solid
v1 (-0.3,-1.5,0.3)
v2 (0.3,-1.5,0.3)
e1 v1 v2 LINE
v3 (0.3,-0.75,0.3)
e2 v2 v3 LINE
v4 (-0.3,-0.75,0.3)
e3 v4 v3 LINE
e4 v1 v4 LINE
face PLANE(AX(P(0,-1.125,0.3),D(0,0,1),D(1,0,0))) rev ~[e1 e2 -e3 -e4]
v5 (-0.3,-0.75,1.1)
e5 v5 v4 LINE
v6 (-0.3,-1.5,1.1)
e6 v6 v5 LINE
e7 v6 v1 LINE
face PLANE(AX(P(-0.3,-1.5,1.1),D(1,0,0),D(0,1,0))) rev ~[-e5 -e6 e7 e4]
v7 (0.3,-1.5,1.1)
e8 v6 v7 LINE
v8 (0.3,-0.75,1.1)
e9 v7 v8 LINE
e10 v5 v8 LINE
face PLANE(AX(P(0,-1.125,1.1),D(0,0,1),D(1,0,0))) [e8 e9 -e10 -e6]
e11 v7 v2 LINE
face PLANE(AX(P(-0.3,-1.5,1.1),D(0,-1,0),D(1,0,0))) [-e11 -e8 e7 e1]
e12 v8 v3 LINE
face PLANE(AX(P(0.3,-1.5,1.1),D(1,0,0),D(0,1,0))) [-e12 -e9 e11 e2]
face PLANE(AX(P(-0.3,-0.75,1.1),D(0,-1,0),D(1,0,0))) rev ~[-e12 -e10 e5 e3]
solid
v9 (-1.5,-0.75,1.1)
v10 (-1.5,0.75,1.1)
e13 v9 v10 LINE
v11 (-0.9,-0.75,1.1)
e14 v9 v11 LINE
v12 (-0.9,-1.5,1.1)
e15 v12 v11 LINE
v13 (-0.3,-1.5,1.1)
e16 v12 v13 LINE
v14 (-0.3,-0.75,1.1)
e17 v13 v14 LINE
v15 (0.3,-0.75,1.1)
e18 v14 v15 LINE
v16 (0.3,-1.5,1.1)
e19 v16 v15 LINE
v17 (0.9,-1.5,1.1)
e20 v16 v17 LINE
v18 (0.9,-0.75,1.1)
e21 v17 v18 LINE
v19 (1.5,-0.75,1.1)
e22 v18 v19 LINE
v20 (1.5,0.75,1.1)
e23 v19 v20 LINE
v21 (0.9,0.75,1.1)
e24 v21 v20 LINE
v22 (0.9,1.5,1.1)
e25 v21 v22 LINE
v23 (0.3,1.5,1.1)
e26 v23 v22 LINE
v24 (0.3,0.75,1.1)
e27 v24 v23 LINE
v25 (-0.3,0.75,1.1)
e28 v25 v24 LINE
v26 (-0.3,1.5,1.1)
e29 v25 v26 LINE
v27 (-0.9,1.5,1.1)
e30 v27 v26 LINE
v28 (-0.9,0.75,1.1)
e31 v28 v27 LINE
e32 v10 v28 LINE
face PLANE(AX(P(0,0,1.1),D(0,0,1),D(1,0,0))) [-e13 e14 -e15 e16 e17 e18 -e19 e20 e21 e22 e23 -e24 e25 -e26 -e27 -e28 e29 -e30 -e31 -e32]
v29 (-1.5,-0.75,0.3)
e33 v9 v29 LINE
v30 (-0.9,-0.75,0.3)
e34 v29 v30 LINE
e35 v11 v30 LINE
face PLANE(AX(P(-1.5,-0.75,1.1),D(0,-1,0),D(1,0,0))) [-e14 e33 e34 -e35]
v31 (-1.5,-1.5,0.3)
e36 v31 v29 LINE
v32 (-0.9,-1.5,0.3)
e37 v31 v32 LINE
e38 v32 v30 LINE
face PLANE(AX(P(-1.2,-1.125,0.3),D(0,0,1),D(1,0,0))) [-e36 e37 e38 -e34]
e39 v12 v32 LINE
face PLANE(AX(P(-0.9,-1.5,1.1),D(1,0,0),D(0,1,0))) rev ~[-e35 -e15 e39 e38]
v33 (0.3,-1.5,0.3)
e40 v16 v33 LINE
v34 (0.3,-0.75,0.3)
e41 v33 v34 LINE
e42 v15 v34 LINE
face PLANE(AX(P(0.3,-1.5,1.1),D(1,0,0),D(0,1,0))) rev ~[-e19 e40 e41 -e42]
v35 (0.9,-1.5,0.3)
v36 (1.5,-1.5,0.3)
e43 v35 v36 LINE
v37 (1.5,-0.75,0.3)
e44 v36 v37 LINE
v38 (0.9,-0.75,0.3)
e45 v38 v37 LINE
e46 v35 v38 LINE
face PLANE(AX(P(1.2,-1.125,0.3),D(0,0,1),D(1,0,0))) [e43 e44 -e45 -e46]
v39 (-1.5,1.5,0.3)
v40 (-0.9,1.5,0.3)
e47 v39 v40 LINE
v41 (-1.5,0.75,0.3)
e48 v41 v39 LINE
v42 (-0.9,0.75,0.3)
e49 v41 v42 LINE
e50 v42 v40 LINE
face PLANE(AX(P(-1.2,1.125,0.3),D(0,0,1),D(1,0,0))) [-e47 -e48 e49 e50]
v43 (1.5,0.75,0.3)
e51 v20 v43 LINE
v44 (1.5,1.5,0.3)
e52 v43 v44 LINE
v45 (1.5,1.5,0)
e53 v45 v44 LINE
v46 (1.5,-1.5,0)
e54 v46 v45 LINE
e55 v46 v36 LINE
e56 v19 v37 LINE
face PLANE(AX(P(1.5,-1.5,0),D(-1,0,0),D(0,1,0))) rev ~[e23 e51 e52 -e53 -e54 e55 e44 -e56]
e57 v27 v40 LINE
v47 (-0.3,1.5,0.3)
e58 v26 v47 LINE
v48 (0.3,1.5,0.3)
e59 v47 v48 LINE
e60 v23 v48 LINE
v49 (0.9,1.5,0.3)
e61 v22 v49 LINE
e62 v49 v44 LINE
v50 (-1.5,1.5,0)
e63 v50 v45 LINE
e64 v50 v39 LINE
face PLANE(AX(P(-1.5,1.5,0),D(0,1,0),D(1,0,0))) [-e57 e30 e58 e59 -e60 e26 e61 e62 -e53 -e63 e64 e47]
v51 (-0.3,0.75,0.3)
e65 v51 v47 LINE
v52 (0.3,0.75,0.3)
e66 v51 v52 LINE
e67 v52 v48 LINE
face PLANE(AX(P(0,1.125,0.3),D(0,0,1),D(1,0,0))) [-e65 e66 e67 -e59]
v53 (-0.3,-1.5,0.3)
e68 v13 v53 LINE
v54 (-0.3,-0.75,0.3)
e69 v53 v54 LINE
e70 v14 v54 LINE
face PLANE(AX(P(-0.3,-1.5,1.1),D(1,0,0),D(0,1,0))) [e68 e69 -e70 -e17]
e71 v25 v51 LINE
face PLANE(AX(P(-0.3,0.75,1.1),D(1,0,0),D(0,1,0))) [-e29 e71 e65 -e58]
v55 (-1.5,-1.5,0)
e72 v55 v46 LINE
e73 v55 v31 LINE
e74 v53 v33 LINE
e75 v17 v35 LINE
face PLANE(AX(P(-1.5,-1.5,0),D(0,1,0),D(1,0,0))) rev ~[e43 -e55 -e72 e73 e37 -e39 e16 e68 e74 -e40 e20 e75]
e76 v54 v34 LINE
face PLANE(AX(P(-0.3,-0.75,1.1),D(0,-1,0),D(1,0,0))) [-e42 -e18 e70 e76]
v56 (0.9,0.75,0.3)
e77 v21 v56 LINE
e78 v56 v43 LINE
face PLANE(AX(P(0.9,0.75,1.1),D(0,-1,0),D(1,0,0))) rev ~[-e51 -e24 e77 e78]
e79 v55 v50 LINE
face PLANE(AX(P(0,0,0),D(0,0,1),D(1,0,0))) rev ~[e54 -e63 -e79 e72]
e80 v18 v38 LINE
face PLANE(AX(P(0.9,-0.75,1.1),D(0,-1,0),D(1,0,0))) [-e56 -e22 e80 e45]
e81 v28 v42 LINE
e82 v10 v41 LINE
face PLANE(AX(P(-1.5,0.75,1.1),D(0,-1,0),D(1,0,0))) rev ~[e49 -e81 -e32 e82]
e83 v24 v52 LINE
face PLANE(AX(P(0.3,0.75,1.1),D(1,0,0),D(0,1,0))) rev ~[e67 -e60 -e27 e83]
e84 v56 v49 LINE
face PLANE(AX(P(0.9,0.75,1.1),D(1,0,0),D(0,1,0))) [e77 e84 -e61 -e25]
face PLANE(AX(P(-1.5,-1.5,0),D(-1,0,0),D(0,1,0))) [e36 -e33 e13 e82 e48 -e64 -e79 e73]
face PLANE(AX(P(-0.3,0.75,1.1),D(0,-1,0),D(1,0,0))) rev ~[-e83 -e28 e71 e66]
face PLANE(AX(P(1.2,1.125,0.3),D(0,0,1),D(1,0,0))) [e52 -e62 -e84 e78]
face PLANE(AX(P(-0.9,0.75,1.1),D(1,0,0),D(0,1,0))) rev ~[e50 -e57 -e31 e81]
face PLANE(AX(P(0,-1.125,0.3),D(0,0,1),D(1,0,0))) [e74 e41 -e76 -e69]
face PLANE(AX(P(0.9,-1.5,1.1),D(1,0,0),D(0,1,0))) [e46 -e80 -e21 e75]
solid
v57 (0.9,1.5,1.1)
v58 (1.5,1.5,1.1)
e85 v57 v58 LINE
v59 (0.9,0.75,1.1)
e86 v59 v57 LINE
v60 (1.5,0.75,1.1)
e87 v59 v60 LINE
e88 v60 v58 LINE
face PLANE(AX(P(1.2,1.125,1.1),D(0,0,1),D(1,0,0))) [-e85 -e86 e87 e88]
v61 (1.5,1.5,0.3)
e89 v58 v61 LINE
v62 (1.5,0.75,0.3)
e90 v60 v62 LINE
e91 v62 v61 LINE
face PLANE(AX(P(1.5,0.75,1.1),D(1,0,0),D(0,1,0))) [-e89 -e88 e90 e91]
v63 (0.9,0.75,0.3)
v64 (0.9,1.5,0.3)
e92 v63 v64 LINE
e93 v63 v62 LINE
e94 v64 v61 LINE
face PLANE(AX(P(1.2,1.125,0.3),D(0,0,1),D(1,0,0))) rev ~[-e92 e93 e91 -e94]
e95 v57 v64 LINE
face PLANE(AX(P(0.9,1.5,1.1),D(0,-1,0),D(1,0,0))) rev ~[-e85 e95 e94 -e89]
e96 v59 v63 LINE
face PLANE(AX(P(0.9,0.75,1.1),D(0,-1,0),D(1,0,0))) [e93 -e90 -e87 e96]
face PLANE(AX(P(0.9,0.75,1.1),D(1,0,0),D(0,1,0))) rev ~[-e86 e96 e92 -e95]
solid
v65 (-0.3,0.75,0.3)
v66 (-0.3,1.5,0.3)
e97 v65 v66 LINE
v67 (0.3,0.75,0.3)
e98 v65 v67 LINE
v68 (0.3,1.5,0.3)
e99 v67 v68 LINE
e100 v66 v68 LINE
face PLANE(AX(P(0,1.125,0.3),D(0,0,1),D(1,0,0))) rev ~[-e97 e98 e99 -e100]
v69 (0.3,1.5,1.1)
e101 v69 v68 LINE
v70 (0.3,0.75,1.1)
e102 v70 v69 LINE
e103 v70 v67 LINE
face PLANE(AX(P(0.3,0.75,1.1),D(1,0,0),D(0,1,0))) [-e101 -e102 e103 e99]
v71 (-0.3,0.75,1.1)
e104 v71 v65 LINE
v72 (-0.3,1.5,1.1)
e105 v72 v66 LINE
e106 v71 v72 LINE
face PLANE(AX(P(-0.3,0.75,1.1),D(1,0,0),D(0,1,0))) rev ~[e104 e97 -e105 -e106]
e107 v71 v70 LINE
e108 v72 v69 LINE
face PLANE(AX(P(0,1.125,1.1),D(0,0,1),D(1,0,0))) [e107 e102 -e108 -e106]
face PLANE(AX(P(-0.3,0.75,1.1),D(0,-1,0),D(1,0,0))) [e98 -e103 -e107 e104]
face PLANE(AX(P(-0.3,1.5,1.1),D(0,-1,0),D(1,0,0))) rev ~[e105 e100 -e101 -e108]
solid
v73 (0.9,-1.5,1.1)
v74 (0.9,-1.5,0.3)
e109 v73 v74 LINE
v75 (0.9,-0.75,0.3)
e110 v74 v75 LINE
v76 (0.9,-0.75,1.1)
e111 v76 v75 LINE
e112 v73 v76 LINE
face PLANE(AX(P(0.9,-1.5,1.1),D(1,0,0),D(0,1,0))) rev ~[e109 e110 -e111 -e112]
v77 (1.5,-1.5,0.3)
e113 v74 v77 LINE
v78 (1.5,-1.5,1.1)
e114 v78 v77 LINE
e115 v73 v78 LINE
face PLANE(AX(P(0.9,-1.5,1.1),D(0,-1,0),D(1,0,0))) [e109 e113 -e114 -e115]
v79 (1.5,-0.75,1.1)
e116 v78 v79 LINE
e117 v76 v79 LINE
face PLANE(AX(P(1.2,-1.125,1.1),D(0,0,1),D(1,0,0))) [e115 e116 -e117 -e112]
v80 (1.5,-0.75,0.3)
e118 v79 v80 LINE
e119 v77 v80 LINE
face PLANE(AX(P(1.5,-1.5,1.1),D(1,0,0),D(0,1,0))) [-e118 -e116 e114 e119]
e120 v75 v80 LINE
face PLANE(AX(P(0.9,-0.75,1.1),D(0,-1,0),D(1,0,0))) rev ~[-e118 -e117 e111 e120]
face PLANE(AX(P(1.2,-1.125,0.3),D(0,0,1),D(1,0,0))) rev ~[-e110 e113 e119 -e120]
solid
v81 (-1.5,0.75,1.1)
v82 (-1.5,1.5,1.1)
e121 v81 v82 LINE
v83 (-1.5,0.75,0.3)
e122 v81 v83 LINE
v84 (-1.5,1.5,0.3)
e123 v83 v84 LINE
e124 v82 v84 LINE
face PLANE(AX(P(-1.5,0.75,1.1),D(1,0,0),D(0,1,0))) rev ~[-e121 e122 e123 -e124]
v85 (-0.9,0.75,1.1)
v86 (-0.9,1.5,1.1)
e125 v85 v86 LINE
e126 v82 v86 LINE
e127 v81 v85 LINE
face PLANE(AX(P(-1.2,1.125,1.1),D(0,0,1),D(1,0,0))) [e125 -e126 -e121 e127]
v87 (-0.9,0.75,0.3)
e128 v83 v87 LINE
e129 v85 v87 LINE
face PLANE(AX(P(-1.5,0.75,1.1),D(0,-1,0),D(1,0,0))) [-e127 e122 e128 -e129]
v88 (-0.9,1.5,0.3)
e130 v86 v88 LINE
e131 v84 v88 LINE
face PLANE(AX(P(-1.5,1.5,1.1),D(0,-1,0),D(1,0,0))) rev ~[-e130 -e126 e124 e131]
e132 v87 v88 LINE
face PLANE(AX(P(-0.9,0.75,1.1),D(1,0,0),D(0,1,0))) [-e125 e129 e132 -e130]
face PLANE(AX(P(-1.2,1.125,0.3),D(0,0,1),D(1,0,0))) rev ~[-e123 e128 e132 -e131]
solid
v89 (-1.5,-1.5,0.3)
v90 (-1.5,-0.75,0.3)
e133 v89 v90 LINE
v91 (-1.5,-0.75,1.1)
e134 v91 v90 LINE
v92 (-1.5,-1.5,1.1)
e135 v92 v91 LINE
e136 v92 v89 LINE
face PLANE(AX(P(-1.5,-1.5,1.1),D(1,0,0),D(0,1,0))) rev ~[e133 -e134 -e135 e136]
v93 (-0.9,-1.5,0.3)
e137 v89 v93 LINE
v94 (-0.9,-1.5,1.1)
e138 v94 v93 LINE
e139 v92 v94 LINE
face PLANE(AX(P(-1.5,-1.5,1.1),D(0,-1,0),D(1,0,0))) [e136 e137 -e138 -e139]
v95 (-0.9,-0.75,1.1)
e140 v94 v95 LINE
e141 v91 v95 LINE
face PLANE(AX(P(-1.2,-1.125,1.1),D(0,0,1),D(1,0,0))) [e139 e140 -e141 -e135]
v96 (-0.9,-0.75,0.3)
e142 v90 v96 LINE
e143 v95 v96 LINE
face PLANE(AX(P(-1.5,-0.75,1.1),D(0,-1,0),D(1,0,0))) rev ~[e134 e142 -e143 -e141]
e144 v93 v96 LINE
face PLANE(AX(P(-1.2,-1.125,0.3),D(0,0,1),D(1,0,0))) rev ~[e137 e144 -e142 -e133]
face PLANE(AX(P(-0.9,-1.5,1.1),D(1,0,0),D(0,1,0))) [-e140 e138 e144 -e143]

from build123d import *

# Parameters (mm, degrees)
SKETCH1_W           = 3
SKETCH1_H           = 3
BOSS_EXTRUDE1_DEPTH = 1.1
SKETCH2_W           = 0.6
SKETCH2_H           = 0.75
CUT_EXTRUDE1_DEPTH  = 0.8
BOSS_EXTRUDE3_REACH = 4.39
SKETCH2_5_W         = 0.6
SKETCH2_5_H         = 0.75


with BuildPart() as part:
    # Sketch1 → Boss-Extrude1 (new body)
    with BuildSketch(Plane.XY):
        Rectangle(SKETCH1_W, SKETCH1_H)
    extrude(amount=BOSS_EXTRUDE1_DEPTH)

    # Sketch2 → Cut-Extrude1 (cut)
    with BuildSketch(Plane.XY.offset(1.1)):
        with Locations((0, 1.125)):
            Rectangle(SKETCH2_W, SKETCH2_H)
        with Locations((1.2, 1.125)):
            Rectangle(SKETCH2_W, SKETCH2_H)
        with Locations((1.2, -1.125)):
            Rectangle(SKETCH2_W, SKETCH2_H)
        with Locations((-1.2, -1.125)):
            Rectangle(SKETCH2_W, SKETCH2_H)
        with Locations((0, -1.125)):
            Rectangle(SKETCH2_W, SKETCH2_H)
        with Locations((-1.2, 1.125)):
            Rectangle(SKETCH2_W, SKETCH2_H)
    extrude(amount=-CUT_EXTRUDE1_DEPTH, mode=Mode.SUBTRACT)


with BuildPart() as body_2:

    # Sketch2<5> → Boss-Extrude3 (new, up to next)
    with BuildSketch(Plane.XY.offset(1.1), mode=Mode.PRIVATE) as boss_extrude3_sk1:
        with Locations((0, 1.125)):
            Rectangle(SKETCH2_5_W, SKETCH2_5_H)
    boss_extrude3_tool1 = extrude(boss_extrude3_sk1.sketch, amount=-BOSS_EXTRUDE3_REACH, mode=Mode.PRIVATE) - part.part
    # Sketch2<5> → Boss-Extrude3 (new, up to next)
    with BuildSketch(Plane.XY.offset(1.1), mode=Mode.PRIVATE) as boss_extrude3_sk2:
        with Locations((1.2, 1.125)):
            Rectangle(SKETCH2_5_W, SKETCH2_5_H)
    boss_extrude3_tool2 = extrude(boss_extrude3_sk2.sketch, amount=-BOSS_EXTRUDE3_REACH, mode=Mode.PRIVATE) - part.part
    # Sketch2<5> → Boss-Extrude3 (new, up to next)
    with BuildSketch(Plane.XY.offset(1.1), mode=Mode.PRIVATE) as boss_extrude3_sk3:
        with Locations((1.2, -1.125)):
            Rectangle(SKETCH2_5_W, SKETCH2_5_H)
    boss_extrude3_tool3 = extrude(boss_extrude3_sk3.sketch, amount=-BOSS_EXTRUDE3_REACH, mode=Mode.PRIVATE) - part.part
    # Sketch2<5> → Boss-Extrude3 (new, up to next)
    with BuildSketch(Plane.XY.offset(1.1), mode=Mode.PRIVATE) as boss_extrude3_sk4:
        with Locations((-1.2, -1.125)):
            Rectangle(SKETCH2_5_W, SKETCH2_5_H)
    boss_extrude3_tool4 = extrude(boss_extrude3_sk4.sketch, amount=-BOSS_EXTRUDE3_REACH, mode=Mode.PRIVATE) - part.part
    # Sketch2<5> → Boss-Extrude3 (new, up to next)
    with BuildSketch(Plane.XY.offset(1.1), mode=Mode.PRIVATE) as boss_extrude3_sk5:
        with Locations((0, -1.125)):
            Rectangle(SKETCH2_5_W, SKETCH2_5_H)
    boss_extrude3_tool5 = extrude(boss_extrude3_sk5.sketch, amount=-BOSS_EXTRUDE3_REACH, mode=Mode.PRIVATE) - part.part
    # Sketch2<5> → Boss-Extrude3 (new, up to next)
    with BuildSketch(Plane.XY.offset(1.1), mode=Mode.PRIVATE) as boss_extrude3_sk6:
        with Locations((-1.2, 1.125)):
            Rectangle(SKETCH2_5_W, SKETCH2_5_H)
    boss_extrude3_tool6 = extrude(boss_extrude3_sk6.sketch, amount=-BOSS_EXTRUDE3_REACH, mode=Mode.PRIVATE) - part.part
    add(boss_extrude3_tool1.solids().sort_by_distance((0, 1.125, 1.1))[0])
    add(boss_extrude3_tool2.solids().sort_by_distance((1.2, 1.125, 1.1))[0])
    add(boss_extrude3_tool3.solids().sort_by_distance((1.2, -1.125, 1.1))[0])
    add(boss_extrude3_tool4.solids().sort_by_distance((-1.2, -1.125, 1.1))[0])
    add(boss_extrude3_tool5.solids().sort_by_distance((0, -1.125, 1.1))[0])
    add(boss_extrude3_tool6.solids().sort_by_distance((-1.2, 1.125, 1.1))[0])


solid = Compound([part.part, body_2.part])
